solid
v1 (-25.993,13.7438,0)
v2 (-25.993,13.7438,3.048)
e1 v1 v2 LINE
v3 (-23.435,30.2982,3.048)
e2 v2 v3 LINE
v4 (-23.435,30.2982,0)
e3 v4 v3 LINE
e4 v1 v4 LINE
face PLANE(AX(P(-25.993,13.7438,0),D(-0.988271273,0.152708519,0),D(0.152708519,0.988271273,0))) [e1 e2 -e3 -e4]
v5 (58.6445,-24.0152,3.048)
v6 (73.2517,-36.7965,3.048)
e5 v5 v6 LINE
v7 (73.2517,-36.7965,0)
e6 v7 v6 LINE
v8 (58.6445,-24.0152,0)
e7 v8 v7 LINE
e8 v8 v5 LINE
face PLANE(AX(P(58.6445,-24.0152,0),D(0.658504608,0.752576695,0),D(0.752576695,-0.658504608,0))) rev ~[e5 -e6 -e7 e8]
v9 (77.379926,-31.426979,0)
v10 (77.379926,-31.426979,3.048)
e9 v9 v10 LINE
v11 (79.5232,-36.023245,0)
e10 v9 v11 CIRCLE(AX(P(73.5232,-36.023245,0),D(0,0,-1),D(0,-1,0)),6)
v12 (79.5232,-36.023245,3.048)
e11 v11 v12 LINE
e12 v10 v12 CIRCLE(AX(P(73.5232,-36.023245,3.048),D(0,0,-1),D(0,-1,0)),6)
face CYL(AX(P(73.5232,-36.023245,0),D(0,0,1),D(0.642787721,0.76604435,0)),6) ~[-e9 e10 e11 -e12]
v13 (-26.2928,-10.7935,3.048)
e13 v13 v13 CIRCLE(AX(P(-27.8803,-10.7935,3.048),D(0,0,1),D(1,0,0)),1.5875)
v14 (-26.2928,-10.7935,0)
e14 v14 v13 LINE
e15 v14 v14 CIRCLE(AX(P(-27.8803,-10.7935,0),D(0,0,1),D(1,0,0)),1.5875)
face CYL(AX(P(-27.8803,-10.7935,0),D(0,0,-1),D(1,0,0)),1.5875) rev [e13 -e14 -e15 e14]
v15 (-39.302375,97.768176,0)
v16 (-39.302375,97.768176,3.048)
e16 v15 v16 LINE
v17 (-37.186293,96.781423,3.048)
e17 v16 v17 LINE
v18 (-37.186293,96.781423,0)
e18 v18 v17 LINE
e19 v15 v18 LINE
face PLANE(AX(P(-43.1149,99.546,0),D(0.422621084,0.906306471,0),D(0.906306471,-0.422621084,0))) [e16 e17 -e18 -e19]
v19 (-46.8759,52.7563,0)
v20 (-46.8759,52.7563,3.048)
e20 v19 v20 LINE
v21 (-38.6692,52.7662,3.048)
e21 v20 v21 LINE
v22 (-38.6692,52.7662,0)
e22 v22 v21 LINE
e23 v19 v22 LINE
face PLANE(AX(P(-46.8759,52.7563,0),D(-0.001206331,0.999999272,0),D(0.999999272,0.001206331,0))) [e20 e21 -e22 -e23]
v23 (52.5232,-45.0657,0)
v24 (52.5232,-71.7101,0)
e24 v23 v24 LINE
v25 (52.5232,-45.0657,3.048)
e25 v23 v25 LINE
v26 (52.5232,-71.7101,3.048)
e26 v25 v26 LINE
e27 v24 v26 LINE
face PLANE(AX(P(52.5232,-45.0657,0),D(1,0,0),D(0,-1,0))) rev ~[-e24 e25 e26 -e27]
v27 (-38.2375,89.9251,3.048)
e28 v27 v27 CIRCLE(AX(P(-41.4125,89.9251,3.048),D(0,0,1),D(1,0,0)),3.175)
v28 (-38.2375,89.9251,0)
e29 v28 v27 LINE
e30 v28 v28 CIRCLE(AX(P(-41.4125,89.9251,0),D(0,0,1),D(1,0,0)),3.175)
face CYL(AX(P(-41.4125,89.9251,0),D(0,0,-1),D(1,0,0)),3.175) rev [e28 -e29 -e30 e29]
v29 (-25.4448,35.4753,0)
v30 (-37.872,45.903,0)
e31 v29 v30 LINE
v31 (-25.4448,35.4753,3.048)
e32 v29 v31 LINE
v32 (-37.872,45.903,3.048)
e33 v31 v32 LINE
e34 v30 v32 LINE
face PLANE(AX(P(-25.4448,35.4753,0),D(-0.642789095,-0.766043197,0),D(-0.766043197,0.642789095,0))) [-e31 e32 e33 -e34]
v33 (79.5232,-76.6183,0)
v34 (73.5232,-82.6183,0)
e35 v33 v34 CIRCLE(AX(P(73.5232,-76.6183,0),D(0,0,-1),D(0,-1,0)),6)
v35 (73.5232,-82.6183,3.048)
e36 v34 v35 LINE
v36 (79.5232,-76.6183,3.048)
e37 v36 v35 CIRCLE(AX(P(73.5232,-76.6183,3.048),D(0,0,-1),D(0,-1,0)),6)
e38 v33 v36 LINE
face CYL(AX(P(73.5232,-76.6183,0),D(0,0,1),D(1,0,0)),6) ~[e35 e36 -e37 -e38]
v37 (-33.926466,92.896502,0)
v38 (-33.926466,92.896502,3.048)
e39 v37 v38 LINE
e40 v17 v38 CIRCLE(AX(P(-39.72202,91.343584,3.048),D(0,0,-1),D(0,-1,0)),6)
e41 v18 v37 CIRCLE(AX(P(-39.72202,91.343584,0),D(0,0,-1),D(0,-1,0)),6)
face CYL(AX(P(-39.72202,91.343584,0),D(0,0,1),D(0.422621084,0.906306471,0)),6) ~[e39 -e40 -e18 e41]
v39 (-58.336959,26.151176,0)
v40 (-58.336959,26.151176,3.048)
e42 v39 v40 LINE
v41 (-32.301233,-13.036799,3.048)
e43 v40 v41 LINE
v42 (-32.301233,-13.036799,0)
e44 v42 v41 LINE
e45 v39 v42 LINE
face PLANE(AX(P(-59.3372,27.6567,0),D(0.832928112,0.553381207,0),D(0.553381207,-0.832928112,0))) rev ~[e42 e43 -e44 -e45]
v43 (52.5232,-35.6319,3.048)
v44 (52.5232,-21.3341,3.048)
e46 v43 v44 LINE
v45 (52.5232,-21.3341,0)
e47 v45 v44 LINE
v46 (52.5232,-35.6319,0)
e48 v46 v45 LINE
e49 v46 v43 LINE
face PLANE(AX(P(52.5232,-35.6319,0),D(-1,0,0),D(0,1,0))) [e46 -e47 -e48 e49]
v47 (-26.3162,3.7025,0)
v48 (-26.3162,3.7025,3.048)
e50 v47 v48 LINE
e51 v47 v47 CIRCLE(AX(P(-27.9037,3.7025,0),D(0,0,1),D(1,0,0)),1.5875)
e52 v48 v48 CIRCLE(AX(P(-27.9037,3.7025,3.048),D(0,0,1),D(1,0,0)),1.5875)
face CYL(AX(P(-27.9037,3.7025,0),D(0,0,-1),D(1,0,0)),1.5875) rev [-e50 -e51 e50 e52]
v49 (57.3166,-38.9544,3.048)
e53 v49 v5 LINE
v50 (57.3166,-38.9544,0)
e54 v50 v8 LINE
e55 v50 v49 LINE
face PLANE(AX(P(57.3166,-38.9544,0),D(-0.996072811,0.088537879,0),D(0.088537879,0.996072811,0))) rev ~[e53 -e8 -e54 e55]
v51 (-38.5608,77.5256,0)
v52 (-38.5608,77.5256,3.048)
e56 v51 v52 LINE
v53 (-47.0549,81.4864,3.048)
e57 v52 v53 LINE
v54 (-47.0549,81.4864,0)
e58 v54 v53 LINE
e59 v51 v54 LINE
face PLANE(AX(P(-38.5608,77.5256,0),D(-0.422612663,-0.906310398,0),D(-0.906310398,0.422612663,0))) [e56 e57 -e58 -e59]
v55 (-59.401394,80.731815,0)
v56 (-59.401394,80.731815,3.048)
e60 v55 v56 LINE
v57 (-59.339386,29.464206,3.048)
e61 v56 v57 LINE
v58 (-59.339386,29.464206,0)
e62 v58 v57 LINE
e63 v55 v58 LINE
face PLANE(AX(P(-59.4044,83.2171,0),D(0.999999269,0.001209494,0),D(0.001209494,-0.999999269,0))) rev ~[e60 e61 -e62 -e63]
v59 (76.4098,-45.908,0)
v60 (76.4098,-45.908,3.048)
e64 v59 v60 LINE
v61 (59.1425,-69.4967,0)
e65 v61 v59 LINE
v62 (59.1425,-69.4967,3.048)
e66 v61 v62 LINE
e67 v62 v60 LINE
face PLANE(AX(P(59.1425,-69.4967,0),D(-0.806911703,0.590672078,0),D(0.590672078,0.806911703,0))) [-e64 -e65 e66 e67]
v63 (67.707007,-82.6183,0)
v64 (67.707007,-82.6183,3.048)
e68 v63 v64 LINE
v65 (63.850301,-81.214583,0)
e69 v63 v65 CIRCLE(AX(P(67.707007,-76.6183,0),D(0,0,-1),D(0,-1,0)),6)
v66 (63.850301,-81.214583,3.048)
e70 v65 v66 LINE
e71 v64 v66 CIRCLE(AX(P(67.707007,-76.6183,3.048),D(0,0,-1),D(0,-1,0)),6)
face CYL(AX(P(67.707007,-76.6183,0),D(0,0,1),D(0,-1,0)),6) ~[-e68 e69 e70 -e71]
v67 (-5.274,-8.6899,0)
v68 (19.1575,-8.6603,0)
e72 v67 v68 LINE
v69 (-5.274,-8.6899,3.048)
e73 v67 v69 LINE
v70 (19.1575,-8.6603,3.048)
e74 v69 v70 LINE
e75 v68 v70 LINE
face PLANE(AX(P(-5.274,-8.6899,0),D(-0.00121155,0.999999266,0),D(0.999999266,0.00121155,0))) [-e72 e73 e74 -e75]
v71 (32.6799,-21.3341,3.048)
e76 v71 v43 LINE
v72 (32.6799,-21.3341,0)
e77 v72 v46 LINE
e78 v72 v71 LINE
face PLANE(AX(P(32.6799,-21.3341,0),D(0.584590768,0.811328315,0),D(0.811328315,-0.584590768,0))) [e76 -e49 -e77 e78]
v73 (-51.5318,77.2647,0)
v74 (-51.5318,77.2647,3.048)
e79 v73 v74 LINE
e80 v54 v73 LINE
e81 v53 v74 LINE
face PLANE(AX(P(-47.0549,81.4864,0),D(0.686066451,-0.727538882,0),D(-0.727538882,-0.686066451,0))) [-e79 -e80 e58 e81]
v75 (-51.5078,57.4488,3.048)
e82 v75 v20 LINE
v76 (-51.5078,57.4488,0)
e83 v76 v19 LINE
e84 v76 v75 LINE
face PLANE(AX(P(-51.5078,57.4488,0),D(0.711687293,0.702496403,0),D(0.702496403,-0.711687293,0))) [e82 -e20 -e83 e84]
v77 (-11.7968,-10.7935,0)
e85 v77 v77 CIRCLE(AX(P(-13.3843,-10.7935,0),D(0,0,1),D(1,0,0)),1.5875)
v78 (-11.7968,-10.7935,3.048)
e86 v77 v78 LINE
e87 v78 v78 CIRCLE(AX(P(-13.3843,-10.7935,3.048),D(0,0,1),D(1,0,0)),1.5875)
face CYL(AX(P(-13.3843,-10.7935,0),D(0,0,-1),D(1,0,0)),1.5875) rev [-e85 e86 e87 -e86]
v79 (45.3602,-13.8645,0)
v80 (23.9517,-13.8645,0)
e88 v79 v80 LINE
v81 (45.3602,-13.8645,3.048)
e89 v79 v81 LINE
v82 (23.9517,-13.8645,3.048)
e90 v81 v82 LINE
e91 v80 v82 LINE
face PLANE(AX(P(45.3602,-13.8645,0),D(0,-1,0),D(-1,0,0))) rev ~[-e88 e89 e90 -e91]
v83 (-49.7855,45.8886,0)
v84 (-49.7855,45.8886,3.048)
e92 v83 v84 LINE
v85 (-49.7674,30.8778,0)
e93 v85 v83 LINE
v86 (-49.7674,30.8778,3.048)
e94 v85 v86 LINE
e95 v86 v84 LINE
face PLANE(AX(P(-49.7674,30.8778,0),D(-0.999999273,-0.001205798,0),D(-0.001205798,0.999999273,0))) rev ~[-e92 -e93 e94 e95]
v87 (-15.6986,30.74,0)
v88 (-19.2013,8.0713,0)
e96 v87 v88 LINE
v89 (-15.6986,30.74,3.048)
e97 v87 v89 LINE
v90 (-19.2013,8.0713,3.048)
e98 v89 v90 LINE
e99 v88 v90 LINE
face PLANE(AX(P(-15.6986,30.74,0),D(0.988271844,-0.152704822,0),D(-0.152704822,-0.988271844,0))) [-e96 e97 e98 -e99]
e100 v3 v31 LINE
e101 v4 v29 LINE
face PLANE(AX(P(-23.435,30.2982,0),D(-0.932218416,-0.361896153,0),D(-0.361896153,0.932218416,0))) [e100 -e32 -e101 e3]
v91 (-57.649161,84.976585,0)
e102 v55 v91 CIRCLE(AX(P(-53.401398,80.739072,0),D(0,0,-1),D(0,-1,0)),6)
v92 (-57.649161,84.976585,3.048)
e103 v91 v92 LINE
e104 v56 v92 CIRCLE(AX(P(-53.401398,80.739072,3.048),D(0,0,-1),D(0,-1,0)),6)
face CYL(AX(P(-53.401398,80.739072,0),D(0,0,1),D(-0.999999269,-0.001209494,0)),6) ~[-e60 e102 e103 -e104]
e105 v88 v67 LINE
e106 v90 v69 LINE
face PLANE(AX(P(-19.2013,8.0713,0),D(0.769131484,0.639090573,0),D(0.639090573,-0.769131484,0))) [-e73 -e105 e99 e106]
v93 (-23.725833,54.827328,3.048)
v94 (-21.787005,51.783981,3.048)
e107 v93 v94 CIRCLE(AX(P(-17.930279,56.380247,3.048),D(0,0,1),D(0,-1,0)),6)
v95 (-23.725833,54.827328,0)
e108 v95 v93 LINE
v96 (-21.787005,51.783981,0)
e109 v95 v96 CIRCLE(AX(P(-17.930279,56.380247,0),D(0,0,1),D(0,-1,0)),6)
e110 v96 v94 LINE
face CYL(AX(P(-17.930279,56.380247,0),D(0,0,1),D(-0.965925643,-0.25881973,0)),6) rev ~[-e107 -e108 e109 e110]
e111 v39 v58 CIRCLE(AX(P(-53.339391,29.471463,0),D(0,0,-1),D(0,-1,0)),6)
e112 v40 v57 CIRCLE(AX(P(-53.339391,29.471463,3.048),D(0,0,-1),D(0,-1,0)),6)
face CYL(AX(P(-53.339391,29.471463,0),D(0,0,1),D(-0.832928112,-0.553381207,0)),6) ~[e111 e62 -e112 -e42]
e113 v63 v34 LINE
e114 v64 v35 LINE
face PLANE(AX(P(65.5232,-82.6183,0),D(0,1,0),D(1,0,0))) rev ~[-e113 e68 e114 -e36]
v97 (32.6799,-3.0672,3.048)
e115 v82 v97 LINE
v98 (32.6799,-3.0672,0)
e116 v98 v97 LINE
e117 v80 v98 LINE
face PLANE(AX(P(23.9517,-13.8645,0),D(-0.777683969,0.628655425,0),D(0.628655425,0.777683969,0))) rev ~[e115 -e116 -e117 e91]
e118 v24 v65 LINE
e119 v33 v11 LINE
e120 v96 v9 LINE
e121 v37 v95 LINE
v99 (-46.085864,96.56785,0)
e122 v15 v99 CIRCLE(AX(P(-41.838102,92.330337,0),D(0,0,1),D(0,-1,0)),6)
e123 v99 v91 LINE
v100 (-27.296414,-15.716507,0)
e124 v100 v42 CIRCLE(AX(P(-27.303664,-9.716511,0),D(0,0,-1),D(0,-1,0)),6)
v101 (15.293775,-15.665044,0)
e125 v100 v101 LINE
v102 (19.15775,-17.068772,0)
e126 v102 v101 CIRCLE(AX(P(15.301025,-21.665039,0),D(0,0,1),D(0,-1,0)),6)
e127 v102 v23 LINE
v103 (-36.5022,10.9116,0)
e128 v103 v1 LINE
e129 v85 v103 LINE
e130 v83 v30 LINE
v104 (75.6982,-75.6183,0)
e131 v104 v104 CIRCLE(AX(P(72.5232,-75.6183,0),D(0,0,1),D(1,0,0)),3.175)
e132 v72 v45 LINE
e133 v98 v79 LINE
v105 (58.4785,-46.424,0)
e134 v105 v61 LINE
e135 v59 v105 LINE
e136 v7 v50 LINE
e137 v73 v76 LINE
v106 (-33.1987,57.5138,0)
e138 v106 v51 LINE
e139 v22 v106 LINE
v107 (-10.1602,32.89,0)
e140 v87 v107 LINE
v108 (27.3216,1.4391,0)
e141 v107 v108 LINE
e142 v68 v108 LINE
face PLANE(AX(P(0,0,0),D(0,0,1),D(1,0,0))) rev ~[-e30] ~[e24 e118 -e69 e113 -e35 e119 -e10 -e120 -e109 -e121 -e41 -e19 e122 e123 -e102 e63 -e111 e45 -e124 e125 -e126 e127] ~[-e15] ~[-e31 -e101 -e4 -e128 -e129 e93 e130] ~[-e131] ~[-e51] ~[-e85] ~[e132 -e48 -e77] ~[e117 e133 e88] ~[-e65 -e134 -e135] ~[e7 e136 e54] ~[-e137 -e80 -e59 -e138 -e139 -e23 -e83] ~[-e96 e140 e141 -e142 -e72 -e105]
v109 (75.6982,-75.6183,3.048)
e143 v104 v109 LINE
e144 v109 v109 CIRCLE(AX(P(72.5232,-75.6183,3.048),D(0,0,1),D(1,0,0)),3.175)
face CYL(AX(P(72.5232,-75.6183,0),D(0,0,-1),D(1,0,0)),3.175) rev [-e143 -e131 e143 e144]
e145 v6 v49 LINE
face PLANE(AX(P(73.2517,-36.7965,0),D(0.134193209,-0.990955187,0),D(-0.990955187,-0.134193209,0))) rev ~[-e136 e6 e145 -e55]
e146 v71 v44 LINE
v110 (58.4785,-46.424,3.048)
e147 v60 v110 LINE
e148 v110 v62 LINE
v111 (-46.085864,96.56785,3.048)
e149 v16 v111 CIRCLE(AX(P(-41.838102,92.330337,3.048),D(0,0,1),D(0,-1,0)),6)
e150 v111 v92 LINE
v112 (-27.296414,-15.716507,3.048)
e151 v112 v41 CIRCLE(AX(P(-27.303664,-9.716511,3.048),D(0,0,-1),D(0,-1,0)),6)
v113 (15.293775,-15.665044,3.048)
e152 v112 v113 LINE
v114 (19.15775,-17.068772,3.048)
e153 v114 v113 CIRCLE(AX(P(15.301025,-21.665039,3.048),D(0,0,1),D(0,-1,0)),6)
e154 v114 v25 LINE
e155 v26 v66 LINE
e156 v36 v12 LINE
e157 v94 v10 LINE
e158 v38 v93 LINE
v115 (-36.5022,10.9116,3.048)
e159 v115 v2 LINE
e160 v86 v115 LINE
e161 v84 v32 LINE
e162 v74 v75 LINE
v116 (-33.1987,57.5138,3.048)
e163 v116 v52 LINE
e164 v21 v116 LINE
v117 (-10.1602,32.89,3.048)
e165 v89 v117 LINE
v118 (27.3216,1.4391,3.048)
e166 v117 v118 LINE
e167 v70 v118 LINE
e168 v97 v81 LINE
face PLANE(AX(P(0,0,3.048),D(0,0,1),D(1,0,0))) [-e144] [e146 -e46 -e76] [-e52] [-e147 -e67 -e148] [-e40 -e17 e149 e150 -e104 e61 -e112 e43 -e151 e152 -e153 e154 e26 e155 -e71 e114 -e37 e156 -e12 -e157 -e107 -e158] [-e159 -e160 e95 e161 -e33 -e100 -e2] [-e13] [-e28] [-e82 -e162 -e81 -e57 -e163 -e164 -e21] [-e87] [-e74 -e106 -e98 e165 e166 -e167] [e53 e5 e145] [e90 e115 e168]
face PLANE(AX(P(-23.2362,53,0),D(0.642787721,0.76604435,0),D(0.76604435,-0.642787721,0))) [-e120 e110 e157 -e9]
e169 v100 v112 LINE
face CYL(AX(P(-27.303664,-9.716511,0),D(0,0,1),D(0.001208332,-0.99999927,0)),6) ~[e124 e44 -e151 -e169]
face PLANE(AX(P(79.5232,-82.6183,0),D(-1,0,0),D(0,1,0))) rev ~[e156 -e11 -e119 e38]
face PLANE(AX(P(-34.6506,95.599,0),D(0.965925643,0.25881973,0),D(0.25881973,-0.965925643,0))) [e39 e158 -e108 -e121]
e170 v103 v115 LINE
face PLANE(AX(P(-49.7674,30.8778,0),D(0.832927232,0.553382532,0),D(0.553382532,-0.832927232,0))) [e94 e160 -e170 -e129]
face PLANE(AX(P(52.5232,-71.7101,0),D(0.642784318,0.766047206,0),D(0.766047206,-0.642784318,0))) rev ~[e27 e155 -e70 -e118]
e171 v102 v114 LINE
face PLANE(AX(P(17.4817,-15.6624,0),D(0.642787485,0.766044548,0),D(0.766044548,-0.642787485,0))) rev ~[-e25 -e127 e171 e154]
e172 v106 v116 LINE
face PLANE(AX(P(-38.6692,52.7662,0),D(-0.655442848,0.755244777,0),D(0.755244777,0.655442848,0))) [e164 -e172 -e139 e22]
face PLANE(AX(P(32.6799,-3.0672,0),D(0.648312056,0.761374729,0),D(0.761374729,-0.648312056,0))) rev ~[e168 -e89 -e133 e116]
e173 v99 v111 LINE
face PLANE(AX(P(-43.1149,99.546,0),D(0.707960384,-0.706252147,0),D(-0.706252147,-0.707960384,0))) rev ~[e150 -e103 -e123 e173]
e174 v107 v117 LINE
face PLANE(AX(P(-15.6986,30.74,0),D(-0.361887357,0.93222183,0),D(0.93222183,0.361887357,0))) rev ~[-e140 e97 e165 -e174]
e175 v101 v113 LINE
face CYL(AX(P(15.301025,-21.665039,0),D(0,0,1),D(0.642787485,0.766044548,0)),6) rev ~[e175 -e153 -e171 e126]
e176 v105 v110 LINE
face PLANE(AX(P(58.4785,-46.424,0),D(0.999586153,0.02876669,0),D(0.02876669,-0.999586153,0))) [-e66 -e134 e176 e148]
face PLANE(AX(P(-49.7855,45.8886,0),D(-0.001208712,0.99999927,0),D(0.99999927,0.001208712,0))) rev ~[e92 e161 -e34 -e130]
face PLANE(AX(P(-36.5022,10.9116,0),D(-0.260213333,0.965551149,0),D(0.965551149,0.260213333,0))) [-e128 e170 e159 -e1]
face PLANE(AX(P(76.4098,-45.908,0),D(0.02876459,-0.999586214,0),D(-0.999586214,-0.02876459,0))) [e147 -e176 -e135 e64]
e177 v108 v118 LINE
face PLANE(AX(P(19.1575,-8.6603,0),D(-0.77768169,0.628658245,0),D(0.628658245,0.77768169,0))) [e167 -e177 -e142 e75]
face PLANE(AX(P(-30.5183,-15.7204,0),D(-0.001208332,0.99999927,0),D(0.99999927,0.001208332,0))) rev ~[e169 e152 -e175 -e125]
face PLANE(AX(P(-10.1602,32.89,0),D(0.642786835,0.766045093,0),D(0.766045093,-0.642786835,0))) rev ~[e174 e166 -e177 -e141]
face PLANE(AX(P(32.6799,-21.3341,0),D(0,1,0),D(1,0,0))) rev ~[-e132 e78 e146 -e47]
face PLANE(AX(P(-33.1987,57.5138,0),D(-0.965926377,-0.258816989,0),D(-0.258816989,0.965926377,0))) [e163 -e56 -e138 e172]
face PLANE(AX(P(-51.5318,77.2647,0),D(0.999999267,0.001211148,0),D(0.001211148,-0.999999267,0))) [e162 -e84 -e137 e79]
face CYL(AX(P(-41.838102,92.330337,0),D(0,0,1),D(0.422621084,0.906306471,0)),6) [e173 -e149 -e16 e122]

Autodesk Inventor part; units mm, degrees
ref_plane "YZ Plane" through (0, 0, 0) normal (1, 0, 0) x (0, 1, 0)
ref_plane "XZ Plane" through (0, 0, 0) normal (0, 1, 0) x (-1, 0, 0)
ref_plane "XY Plane" through (0, 0, 0) normal (0, 0, 1) x (1, 0, 0)
sketch "Profile" plane through (0, 0, 0) normal (0, 0, 1) x (1, 0, 0)
  circle A0 centre (-41.4125, 89.9251) radius 3.175
  circle A1 centre (-27.9037, 3.7025) radius 1.5875
  circle A2 centre (-27.8803, -10.7935) radius 1.5875
  circle A3 centre (-13.3843, -10.7935) radius 1.5875
  circle A4 centre (72.5232, -75.6183) radius 3.175
  line L0 (-43.1149, 99.546) -> (-34.6506, 95.599)
  line L1 (-34.6506, 95.599) -> (-23.2362, 53)
  line L2 (-23.2362, 53) -> (79.5232, -33.2254)
  line L3 (-43.1149, 99.546) -> (-59.4044, 83.2171)
  line L4 (-59.4044, 83.2171) -> (-59.3372, 27.6567)
  line L5 (-59.3372, 27.6567) -> (-30.5183, -15.7204)
  line L6 (-30.5183, -15.7204) -> (17.4817, -15.6624)
  line L7 (65.5232, -82.6183) -> (79.5232, -82.6183)
  line L8 (79.5232, -82.6183) -> (79.5232, -33.2254)
  line L9 (17.4817, -15.6624) -> (52.5232, -45.0657)
  line L10 (-87.1899, 0) -> (107.3087, 0) construction
  line L11 (0, -119.0512) -> (0, 135.9789) construction
  line L12 (-36.2503, -15.7274) -> (-46.8807, -15.7402) construction
  line L13 (-41.4125, 89.9251) -> (-41.2847, -15.7335) construction
  line L14 (72.5232, -75.6183) -> (72.5232, 0) construction
  line L15 (72.5232, -75.6183) -> (0, -75.6183) construction
  line L16 (-41.4125, 89.9251) -> (0, 89.9251) construction
  line L17 (-23.2362, 53) -> (-59.3372, 27.6567) construction
  line L18 (23.9517, -13.8645) -> (32.6799, -3.0672)
  line L19 (-15.6986, 30.74) -> (-10.1602, 32.89)
  line L20 (-10.1602, 32.89) -> (27.3216, 1.4391)
  line L21 (-15.6986, 30.74) -> (-19.2013, 8.0713)
  line L22 (-19.2013, 8.0713) -> (-5.274, -8.6899)
  line L23 (-5.274, -8.6899) -> (19.1575, -8.6603)
  line L24 (19.1575, -8.6603) -> (27.3216, 1.4391)
  line L25 (-25.993, 13.7438) -> (-23.435, 30.2982)
  line L26 (-23.435, 30.2982) -> (-25.4448, 35.4753)
  line L27 (-25.4448, 35.4753) -> (-37.872, 45.903)
  line L28 (-49.7674, 30.8778) -> (-36.5022, 10.9116)
  line L29 (-36.5022, 10.9116) -> (-25.993, 13.7438)
  line L30 (-49.7674, 30.8778) -> (-49.7855, 45.8886)
  line L31 (-49.7855, 45.8886) -> (-37.872, 45.903)
  line L32 (52.5232, -45.0657) -> (52.5232, -71.7101)
  line L33 (52.5232, -71.7101) -> (65.5232, -82.6183)
  line L34 (-38.6692, 52.7662) -> (-33.1987, 57.5138)
  line L35 (-33.1987, 57.5138) -> (-38.5608, 77.5256)
  line L36 (-38.5608, 77.5256) -> (-47.0549, 81.4864)
  line L37 (-47.0549, 81.4864) -> (-51.5318, 77.2647)
  line L38 (-51.5318, 77.2647) -> (-51.5078, 57.4488)
  line L39 (-51.5078, 57.4488) -> (-46.8759, 52.7563)
  line L40 (-46.8759, 52.7563) -> (-38.6692, 52.7662)
  line L41 (32.6799, -3.0672) -> (45.3602, -13.8645)
  line L42 (45.3602, -13.8645) -> (23.9517, -13.8645)
  line L43 (32.6799, -21.3341) -> (52.5232, -21.3341)
  line L44 (32.6799, -21.3341) -> (52.5232, -35.6319)
  line L45 (52.5232, -35.6319) -> (52.5232, -21.3341)
  line L46 (58.4785, -46.424) -> (59.1425, -69.4967)
  line L47 (59.1425, -69.4967) -> (76.4098, -45.908)
  line L48 (76.4098, -45.908) -> (58.4785, -46.424)
  line L49 (57.3166, -38.9544) -> (58.6445, -24.0152)
  line L50 (58.6445, -24.0152) -> (73.2517, -36.7965)
  line L51 (73.2517, -36.7965) -> (57.3166, -38.9544)
  point P0 (0, 0)
  point P1 (65.5232, -75.6183)
  point P2 (-16, 37.7902)
  point P3 (-51.3919, 28.3472)
  point P4 (-34.7148, 3.2455)
  point P5 (-52.349, 37.4497)
  point P6 (-29.1922, 43.0466)
  dimension "d0" = 7
  dimension "d1" = 7
  dimension "d3" = 8
  dimension "d4" = 8
  dimension "d5" = 8
  dimension "d6" = 65
  dimension "d7" = 15
  dimension "d8" = 45
  dimension "d12" = 145
  dimension "d17" = 18
  dimension "d37" = 35
  dimension "d56" = 53
  dimension "d63" = 7
  dimension "d65" = 120
  dimension "d66" = 7
  dimension "d68" = 20
  dimension "d69" = 48
  dimension "d70" = 4.9237
extrude "Plate1" add sketch "Profile" along normal blind 3.048
fillet "OutsideFilletsFeature" radius 6 10 edges at (65.5232, -82.6183, 1.524) (79.5232, -82.6183, 1.524) (-43.1149, 99.546, 1.524) (-34.6506, 95.599, 1.524) (-59.4044, 83.2171, 1.524) (-23.2362, 53, 1.524) (-59.3372, 27.6567, 1.524) (-30.5183, -15.7204, 1.524) (17.4817, -15.6624, 1.524) (79.5232, -33.2254, 1.524)
equation "\"d1\" = d0"
equation "\"d4\" = d3"
equation "\"d5\" = d3"
equation "\"BendRadius\" = Thickness"
equation "\"BendReliefWidth\" = Thickness"
equation "\"BendReliefDepth\" = 0.5 * Thickness"
equation "\"CornerReliefSize\" = 4 * Thickness"
equation "\"MinimumRemnant\" = 2 * Thickness"
equation "\"TransitionRadius\" = BendRadius"
equation "\"JacobiRadiusSize\" = BendRadius"
equation "\"GapSize\" = Thickness"
equation "\"Thickness\" = 3.048"
properties part number "ShoulderBracketRedesign"
